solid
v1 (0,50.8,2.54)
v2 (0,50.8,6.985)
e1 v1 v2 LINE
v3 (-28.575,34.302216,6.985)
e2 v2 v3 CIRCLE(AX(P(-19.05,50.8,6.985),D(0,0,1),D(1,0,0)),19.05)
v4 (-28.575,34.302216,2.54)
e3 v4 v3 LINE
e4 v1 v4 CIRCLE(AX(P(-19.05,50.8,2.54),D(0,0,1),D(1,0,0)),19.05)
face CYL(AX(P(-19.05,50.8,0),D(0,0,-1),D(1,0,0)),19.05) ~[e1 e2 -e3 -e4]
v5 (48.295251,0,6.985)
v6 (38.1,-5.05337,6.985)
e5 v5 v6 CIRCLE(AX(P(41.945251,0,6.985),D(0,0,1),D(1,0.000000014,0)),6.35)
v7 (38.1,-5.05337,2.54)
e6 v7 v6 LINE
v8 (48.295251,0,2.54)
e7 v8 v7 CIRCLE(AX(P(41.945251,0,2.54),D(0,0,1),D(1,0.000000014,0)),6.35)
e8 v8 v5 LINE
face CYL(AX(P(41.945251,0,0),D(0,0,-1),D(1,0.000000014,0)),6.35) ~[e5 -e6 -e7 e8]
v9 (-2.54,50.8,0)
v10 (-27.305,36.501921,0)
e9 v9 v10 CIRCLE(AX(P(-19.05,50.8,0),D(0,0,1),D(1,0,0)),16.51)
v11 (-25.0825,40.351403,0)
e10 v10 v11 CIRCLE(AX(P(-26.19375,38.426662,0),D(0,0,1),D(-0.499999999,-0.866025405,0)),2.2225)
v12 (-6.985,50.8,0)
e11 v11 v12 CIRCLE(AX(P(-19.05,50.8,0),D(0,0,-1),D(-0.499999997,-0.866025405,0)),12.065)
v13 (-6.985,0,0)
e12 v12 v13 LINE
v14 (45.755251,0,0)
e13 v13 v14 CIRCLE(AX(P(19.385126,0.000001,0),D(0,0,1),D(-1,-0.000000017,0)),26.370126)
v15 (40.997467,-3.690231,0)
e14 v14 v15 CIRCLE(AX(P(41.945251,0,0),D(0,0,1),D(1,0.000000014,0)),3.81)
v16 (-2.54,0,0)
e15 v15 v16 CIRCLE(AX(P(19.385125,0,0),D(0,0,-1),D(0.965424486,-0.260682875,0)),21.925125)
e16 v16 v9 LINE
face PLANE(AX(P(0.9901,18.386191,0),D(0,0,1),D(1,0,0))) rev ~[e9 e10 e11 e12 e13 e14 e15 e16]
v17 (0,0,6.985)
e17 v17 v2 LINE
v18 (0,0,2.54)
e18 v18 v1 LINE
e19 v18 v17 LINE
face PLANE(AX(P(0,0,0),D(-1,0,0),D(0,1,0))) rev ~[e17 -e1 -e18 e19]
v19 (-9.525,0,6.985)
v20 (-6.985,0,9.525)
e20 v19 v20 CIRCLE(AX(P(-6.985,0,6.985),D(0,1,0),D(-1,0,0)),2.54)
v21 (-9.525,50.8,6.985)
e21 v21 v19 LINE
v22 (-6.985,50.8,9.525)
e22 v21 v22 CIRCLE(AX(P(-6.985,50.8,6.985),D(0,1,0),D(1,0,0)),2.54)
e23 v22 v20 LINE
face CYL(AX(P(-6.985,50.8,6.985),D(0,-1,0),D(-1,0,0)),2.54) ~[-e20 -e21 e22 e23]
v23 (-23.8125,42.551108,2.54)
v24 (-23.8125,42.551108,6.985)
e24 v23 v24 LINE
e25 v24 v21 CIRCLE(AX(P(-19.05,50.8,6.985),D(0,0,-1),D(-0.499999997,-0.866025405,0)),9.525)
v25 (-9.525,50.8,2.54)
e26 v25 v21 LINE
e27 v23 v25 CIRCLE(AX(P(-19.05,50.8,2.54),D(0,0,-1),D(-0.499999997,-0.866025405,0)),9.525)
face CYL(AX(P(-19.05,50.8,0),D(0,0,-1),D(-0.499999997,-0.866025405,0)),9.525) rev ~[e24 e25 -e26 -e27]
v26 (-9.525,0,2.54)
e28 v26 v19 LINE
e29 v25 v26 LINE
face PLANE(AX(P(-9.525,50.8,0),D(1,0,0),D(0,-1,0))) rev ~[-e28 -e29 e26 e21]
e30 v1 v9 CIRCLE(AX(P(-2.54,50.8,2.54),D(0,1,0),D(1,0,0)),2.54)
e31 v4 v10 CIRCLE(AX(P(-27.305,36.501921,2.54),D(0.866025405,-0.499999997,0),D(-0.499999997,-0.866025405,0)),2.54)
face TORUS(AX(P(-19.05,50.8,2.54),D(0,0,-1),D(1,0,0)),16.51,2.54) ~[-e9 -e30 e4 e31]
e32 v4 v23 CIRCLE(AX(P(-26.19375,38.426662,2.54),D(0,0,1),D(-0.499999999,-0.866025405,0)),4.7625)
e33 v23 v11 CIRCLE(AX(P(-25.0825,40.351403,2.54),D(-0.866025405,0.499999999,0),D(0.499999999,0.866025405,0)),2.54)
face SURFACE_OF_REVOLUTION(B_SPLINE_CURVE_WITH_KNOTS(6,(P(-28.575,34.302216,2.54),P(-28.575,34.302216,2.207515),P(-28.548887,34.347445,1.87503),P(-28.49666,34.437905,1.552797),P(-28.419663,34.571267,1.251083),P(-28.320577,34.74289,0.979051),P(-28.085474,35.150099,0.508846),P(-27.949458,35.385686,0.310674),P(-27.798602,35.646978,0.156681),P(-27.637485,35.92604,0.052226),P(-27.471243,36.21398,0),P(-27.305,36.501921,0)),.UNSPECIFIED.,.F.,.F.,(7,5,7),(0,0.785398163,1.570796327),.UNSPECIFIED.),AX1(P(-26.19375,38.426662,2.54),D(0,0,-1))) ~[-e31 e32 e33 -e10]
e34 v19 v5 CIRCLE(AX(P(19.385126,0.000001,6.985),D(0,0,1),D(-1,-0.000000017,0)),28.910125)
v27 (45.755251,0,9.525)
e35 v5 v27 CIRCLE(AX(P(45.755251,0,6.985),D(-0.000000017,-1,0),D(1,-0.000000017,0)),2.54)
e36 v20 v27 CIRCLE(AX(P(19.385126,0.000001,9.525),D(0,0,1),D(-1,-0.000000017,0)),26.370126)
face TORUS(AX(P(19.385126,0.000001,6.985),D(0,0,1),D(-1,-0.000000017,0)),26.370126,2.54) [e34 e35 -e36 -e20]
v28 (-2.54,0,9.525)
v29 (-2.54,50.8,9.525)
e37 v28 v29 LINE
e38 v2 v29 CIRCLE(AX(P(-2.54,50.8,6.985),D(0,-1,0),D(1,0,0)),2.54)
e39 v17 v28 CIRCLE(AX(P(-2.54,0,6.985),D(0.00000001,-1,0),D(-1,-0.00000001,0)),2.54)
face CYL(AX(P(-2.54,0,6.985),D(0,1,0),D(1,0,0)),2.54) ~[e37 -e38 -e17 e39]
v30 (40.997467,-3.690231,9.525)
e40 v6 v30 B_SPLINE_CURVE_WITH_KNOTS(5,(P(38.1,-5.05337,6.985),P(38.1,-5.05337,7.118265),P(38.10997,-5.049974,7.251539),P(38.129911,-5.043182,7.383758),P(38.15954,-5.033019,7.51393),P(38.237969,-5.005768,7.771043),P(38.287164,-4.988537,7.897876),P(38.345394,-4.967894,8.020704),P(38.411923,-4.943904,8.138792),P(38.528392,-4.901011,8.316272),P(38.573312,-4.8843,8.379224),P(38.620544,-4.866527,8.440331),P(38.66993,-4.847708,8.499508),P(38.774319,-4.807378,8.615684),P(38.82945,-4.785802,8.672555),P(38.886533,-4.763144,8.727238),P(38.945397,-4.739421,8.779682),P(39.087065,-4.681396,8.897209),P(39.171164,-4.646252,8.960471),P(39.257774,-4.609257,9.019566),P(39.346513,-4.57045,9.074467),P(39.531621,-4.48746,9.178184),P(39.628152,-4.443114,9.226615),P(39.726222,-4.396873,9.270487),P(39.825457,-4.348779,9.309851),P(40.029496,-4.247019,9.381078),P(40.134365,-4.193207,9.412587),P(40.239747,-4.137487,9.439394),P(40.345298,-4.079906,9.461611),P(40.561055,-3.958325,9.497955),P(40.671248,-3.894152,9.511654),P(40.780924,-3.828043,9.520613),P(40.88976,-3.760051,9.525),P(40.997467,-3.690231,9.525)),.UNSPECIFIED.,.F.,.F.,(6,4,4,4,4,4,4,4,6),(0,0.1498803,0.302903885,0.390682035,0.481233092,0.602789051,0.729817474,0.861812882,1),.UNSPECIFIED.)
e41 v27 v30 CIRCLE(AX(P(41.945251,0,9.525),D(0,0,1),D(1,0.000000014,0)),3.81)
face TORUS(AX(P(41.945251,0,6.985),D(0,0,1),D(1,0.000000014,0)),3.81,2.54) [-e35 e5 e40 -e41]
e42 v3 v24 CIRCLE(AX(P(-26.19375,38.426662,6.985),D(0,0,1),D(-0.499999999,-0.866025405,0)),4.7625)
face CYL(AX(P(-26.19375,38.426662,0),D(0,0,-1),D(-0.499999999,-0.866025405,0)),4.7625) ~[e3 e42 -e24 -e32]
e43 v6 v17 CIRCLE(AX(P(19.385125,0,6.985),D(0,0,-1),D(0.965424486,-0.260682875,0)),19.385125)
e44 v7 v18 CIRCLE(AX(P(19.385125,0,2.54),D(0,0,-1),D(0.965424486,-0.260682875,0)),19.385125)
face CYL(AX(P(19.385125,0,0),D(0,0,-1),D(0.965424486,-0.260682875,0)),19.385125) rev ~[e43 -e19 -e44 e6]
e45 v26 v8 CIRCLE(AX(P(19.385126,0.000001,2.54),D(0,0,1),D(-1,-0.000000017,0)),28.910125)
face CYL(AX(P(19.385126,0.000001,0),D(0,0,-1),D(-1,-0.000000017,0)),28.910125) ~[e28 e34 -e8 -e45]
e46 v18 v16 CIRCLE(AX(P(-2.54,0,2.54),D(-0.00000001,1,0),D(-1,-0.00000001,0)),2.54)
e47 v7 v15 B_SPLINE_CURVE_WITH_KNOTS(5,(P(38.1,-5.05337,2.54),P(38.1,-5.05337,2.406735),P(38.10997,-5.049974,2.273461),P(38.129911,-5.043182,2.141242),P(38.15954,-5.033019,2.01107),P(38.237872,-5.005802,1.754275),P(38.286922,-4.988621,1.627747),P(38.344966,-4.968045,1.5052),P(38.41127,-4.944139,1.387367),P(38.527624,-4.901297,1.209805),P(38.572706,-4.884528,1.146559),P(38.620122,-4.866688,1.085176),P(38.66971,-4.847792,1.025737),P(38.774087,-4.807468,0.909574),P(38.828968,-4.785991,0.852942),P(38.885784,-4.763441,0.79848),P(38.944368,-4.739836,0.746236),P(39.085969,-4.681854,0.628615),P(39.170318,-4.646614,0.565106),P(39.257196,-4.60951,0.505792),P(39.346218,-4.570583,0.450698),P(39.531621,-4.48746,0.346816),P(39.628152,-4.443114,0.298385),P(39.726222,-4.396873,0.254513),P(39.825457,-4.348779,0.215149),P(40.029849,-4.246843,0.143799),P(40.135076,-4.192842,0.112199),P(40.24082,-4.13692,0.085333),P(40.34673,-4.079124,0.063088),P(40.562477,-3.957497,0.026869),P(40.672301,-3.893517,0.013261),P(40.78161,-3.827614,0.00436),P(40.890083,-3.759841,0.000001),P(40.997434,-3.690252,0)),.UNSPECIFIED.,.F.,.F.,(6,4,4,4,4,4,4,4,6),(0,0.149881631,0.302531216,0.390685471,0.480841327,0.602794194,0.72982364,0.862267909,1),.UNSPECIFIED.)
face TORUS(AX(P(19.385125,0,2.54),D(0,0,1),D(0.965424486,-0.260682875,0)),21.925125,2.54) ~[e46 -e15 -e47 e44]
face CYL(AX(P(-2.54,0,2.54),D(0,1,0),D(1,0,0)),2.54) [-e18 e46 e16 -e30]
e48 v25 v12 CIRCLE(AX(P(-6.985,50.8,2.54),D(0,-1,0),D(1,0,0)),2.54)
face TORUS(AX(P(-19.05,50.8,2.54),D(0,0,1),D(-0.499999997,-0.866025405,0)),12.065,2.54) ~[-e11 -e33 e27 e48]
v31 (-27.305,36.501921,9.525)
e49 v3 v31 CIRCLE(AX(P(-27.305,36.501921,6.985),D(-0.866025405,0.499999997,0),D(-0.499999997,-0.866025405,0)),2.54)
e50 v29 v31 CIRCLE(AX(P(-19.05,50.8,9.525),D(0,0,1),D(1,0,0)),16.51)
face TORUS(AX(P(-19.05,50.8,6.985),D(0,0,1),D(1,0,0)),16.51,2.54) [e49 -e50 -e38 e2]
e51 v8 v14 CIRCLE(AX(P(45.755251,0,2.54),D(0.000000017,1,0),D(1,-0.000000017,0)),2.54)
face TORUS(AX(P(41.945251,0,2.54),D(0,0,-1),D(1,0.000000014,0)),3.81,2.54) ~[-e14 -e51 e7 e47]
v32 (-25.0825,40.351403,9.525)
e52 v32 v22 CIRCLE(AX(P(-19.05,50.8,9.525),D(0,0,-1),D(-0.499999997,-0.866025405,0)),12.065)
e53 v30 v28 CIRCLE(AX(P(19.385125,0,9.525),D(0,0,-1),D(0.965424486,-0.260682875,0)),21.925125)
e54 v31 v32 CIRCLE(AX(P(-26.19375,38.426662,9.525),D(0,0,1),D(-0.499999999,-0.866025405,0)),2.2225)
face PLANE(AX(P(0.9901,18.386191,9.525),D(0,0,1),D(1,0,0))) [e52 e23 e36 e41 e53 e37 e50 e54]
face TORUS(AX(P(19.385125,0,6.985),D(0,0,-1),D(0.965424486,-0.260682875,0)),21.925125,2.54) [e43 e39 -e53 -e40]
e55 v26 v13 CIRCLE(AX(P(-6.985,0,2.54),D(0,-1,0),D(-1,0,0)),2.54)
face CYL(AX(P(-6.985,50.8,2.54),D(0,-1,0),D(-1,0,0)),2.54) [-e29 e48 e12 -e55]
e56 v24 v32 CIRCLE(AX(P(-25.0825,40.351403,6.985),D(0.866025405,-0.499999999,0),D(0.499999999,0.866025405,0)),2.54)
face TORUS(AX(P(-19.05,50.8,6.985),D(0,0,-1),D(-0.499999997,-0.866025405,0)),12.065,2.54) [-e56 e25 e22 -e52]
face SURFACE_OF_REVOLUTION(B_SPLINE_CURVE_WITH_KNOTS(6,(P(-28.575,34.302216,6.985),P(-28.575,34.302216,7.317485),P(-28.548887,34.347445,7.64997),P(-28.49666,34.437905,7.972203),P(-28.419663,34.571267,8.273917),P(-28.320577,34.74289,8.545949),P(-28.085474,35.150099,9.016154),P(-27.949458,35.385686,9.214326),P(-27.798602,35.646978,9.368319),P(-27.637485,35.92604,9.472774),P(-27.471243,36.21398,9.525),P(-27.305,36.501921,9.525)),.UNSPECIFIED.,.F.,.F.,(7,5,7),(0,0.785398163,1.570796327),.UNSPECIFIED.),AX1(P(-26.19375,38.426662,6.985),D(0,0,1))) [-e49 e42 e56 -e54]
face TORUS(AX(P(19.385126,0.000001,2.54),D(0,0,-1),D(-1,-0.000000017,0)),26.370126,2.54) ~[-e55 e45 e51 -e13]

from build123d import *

# Parameters (mm, degrees)
F1_DEPTH = 9.525
F2_R     = 2.54


with BuildPart() as f1:
    # F0 (on Top) → F1 (new body)
    with BuildSketch(Plane.XY):
        with BuildLine():
            ThreePointArc((-23.8125, 42.551108), (-23.8125, 59.048892), (-9.525, 50.8))
            Line((-9.525, 50.8), (-9.525, 0))
            ThreePointArc((-9.525, 0), (19.385125, -28.910125), (48.295251, 0))
            ThreePointArc((48.295251, 0), (39.125219, 5.689457), (38.1, -5.05337))
            ThreePointArc((38.1, -5.05337), (16.836313, -19.216832), (0, 0))
            Line((0, 0), (0, 50.8))
            ThreePointArc((0, 50.8), (-28.575, 67.297784), (-28.575, 34.302216))
            ThreePointArc((-28.575, 34.302216), (-22.069304, 36.045412), (-23.8125, 42.551108))
        make_face()
    extrude(amount=F1_DEPTH)

    # F2
    f2_edges = [f1.edges().sort_by_distance(p)[0] for p in [
        (-23.8125, 59.048892, 9.525),
        (-9.525, 25.4, 9.525),
        (19.385125, -28.910125, 9.525),
        (39.125219, 5.689457, 9.525),
        (16.836313, -19.216832, 9.525),
        (0, 25.4, 9.525),
        (-28.575, 67.297784, 9.525),
        (-22.069304, 36.045412, 9.525),
        (-23.8125, 59.048892, 0),
        (-9.525, 25.4, 0),
        (19.385125, -28.910125, 0),
        (39.125219, 5.689457, 0),
        (16.836313, -19.216832, 0),
        (0, 25.4, 0),
        (-28.575, 67.297784, 0),
        (-22.069304, 36.045412, 0),
    ]]
    fillet(f2_edges, radius=F2_R)


solid = f1.part
